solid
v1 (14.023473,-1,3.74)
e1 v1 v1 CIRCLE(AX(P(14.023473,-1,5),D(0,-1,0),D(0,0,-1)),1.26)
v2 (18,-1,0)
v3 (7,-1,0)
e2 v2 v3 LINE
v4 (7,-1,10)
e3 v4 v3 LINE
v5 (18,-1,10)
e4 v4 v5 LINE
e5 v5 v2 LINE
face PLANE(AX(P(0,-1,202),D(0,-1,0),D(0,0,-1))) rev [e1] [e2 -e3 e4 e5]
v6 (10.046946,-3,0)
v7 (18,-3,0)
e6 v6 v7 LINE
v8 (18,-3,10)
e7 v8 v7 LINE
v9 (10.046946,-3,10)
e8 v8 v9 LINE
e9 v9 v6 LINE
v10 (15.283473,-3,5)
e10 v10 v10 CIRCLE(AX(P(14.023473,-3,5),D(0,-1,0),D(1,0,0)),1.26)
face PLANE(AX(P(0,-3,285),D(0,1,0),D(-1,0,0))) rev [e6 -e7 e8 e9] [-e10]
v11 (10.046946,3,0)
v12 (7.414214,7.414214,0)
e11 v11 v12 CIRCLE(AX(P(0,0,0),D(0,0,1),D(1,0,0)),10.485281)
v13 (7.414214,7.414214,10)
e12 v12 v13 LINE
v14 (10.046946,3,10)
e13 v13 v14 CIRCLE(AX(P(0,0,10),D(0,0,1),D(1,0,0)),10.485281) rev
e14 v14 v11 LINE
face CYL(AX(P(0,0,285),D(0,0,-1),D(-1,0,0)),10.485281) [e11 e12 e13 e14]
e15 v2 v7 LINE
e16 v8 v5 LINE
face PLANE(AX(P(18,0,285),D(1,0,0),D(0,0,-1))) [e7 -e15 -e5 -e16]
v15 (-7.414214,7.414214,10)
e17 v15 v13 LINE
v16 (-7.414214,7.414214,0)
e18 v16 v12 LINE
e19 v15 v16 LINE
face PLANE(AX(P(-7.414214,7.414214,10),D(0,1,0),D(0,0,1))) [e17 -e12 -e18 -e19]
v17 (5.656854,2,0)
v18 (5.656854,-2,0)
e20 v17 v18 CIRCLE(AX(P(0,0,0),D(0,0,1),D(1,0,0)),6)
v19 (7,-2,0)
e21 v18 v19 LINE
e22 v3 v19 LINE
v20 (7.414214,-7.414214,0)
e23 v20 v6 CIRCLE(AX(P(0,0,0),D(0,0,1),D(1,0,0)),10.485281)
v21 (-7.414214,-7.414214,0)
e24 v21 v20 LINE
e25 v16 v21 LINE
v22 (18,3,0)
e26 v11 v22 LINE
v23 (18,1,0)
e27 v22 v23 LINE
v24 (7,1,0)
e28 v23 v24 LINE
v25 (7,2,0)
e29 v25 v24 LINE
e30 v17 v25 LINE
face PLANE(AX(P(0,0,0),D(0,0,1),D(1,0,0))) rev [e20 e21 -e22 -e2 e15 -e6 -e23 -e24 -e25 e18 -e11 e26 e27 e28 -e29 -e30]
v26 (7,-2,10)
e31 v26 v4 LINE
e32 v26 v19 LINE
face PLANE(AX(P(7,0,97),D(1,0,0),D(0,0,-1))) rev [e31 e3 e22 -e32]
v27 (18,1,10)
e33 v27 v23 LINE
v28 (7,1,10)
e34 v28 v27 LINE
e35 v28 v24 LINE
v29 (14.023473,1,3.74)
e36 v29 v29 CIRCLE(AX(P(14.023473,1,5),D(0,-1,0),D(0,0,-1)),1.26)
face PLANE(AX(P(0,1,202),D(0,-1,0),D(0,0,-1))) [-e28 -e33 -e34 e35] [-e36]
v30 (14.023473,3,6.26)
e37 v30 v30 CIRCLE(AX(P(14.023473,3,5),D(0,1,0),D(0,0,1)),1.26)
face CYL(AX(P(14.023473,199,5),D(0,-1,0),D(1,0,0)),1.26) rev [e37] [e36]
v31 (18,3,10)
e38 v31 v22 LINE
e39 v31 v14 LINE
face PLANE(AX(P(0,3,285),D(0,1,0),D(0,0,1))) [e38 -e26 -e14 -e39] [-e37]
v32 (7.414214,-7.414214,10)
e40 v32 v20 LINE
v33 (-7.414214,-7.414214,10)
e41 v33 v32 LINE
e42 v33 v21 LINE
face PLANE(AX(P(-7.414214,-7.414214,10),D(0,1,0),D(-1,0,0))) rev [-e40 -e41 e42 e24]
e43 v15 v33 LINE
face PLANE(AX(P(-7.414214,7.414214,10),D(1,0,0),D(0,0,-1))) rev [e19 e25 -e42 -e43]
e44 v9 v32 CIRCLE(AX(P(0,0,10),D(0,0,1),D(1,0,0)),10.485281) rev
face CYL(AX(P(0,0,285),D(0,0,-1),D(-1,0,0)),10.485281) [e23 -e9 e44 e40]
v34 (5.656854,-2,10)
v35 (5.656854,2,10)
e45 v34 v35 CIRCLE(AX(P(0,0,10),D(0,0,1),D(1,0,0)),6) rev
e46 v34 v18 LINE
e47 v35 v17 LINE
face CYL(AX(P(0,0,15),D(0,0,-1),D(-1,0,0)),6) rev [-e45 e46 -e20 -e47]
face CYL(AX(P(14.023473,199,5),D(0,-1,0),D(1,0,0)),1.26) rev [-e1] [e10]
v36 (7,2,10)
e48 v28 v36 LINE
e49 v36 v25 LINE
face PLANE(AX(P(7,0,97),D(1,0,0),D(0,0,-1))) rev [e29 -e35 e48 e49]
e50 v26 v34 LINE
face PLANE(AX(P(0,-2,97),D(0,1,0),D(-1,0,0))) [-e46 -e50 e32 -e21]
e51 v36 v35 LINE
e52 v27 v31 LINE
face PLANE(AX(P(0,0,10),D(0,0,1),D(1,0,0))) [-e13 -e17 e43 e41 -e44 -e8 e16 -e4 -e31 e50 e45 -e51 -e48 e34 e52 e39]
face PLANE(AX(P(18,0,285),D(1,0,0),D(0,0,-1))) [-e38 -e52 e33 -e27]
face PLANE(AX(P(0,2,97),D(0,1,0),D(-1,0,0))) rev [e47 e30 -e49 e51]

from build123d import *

# Parameters (mm, degrees)
SKETCH_1_W           = 30
SKETCH_1_H           = 14.828427124
EXTRUDE_2_DEPTH      = 10
CUT_EXTRUDE_9_DEPTH  = 15
CUT_EXTRUDE_10_DEPTH = 30
CUT_EXTRUDE_11_DEPTH = 31
CUT_EXTRUDE_12_DEPTH = 40
CUT_EXTRUDE_13_DEPTH = 17
CUT_EXTRUDE_17_DEPTH = 97
CUT_EXTRUDE_18_DEPTH = 285
CUT_EXTRUDE_20_DEPTH = 202
SKETCH_2_R           = 1.26
CUT_EXTRUDE_21_DEPTH = 202
SKETCH_1_23_W        = 11
SKETCH_1_23_H        = 2
CUT_EXTRUDE_22_DEPTH = 95


with BuildPart() as part:
    # 草图1 → 凸台-拉伸2 (new body)
    with BuildSketch(Plane.XY):
        with Locations((7.585786438, 0)):
            Rectangle(SKETCH_1_W, SKETCH_1_H)
    extrude(amount=EXTRUDE_2_DEPTH)

    # 草图1<11> → 切除-拉伸9 (cut)
    with BuildSketch(Plane.XY):
        with BuildLine():
            Line((0, -2), (0, 0))
            Line((0, 0), (-6, 0))
            ThreePointArc((-6, 0), (-4.242640687, -4.242640687), (0, -6))
            ThreePointArc((0, -6), (3.464101615, -4.898979486), (5.656854249, -2))
            Line((5.656854249, -2), (0, -2))
        make_face()
    extrude(amount=CUT_EXTRUDE_9_DEPTH, mode=Mode.SUBTRACT)

    # 草图1<12> → 切除-拉伸10 (cut)
    with BuildSketch(Plane.XY):
        with BuildLine():
            Line((-6, 0), (0, 0))
            Line((0, 0), (0, 2))
            Line((0, 2), (0, 6))
            ThreePointArc((0, 6), (-4.242640687, 4.242640687), (-6, 0))
        make_face()
    extrude(amount=CUT_EXTRUDE_10_DEPTH, mode=Mode.SUBTRACT)

    # 草图1<13> → 切除-拉伸11 (cut)
    with BuildSketch(Plane.XY):
        with BuildLine():
            Line((0, 2), (0, 0))
            Line((0, 0), (6, 0))
            ThreePointArc((6, 0), (5.913591358, 1.014611872), (5.656854249, 2))
            Line((5.656854249, 2), (0, 2))
        make_face()
    extrude(amount=CUT_EXTRUDE_11_DEPTH, mode=Mode.SUBTRACT)

    # 草图1<14> → 切除-拉伸12 (cut)
    with BuildSketch(Plane.XY):
        with BuildLine():
            Line((6, 0), (0, 0))
            Line((0, 0), (0, -2))
            Line((0, -2), (5.656854249, -2))
            ThreePointArc((5.656854249, -2), (5.913591358, -1.014611872), (6, 0))
        make_face()
    extrude(amount=CUT_EXTRUDE_12_DEPTH, mode=Mode.SUBTRACT)

    # 草图1<15> → 切除-拉伸13 (cut)
    with BuildSketch(Plane.XY):
        with BuildLine():
            Line((0, 6), (0, 2))
            Line((0, 2), (5.656854249, 2))
            ThreePointArc((5.656854249, 2), (3.464101615, 4.898979486), (0, 6))
        make_face()
    extrude(amount=CUT_EXTRUDE_13_DEPTH, mode=Mode.SUBTRACT)

    # 草图1<19> → 切除-拉伸17 (cut)
    with BuildSketch(Plane.XY):
        with BuildLine():
            Line((7, 2), (5.656854249, 2))
            ThreePointArc((5.656854249, 2), (6, 0), (5.656854249, -2))
            Line((5.656854249, -2), (7, -2))
            Line((7, -2), (7, 2))
        make_face()
    extrude(amount=CUT_EXTRUDE_17_DEPTH, mode=Mode.SUBTRACT)

    # 草图1<20> → 切除-拉伸18 (cut)
    with BuildSketch(Plane.XY):
        with BuildLine():
            ThreePointArc((7.414213562, 7.414213562), (9.005239827, 5.370919954), (10.046946078, 3))
            Line((10.046946078, 3), (18, 3))
            Line((18, 3), (18, 2))
            Line((18, 2), (18, 1))
            Line((18, 1), (18, -1))
            Line((18, -1), (18, -2))
            Line((18, -2), (18, -3))
            Line((18, -3), (10.046946078, -3))
            ThreePointArc((10.046946078, -3), (9.005239827, -5.370919954), (7.414213562, -7.414213562))
            Line((7.414213562, -7.414213562), (22.585786438, -7.414213562))
            Line((22.585786438, -7.414213562), (22.585786438, 7.414213562))
            Line((22.585786438, 7.414213562), (7.414213562, 7.414213562))
        make_face()
    extrude(amount=CUT_EXTRUDE_18_DEPTH, mode=Mode.SUBTRACT)

    # 草图1<22> → 切除-拉伸20 (cut)
    with BuildSketch(Plane.XY):
        with BuildLine():
            ThreePointArc((10.485281374, 0), (10.473325852, -0.500570761), (10.437486551, -1))
            Line((10.437486551, -1), (18, -1))
            Line((18, -1), (18, 1))
            Line((18, 1), (10.437486551, 1))
            ThreePointArc((10.437486551, 1), (10.473325852, 0.500570761), (10.485281374, 0))
        make_face()
    extrude(amount=CUT_EXTRUDE_20_DEPTH, mode=Mode.SUBTRACT)

    # 草图2 → 切除-拉伸21 (cut)
    with BuildSketch(Plane.XZ.offset(3)):
        with Locations((14.023473039, 5)):
            Circle(SKETCH_2_R)
    extrude(amount=-CUT_EXTRUDE_21_DEPTH, mode=Mode.SUBTRACT)

    # 草图1<23> → 切除-拉伸22 (cut)
    with BuildSketch(Plane.XY):
        with Locations((12.5, 0)):
            Rectangle(SKETCH_1_23_W, SKETCH_1_23_H)
    extrude(amount=CUT_EXTRUDE_22_DEPTH, mode=Mode.SUBTRACT)


solid = part.part
